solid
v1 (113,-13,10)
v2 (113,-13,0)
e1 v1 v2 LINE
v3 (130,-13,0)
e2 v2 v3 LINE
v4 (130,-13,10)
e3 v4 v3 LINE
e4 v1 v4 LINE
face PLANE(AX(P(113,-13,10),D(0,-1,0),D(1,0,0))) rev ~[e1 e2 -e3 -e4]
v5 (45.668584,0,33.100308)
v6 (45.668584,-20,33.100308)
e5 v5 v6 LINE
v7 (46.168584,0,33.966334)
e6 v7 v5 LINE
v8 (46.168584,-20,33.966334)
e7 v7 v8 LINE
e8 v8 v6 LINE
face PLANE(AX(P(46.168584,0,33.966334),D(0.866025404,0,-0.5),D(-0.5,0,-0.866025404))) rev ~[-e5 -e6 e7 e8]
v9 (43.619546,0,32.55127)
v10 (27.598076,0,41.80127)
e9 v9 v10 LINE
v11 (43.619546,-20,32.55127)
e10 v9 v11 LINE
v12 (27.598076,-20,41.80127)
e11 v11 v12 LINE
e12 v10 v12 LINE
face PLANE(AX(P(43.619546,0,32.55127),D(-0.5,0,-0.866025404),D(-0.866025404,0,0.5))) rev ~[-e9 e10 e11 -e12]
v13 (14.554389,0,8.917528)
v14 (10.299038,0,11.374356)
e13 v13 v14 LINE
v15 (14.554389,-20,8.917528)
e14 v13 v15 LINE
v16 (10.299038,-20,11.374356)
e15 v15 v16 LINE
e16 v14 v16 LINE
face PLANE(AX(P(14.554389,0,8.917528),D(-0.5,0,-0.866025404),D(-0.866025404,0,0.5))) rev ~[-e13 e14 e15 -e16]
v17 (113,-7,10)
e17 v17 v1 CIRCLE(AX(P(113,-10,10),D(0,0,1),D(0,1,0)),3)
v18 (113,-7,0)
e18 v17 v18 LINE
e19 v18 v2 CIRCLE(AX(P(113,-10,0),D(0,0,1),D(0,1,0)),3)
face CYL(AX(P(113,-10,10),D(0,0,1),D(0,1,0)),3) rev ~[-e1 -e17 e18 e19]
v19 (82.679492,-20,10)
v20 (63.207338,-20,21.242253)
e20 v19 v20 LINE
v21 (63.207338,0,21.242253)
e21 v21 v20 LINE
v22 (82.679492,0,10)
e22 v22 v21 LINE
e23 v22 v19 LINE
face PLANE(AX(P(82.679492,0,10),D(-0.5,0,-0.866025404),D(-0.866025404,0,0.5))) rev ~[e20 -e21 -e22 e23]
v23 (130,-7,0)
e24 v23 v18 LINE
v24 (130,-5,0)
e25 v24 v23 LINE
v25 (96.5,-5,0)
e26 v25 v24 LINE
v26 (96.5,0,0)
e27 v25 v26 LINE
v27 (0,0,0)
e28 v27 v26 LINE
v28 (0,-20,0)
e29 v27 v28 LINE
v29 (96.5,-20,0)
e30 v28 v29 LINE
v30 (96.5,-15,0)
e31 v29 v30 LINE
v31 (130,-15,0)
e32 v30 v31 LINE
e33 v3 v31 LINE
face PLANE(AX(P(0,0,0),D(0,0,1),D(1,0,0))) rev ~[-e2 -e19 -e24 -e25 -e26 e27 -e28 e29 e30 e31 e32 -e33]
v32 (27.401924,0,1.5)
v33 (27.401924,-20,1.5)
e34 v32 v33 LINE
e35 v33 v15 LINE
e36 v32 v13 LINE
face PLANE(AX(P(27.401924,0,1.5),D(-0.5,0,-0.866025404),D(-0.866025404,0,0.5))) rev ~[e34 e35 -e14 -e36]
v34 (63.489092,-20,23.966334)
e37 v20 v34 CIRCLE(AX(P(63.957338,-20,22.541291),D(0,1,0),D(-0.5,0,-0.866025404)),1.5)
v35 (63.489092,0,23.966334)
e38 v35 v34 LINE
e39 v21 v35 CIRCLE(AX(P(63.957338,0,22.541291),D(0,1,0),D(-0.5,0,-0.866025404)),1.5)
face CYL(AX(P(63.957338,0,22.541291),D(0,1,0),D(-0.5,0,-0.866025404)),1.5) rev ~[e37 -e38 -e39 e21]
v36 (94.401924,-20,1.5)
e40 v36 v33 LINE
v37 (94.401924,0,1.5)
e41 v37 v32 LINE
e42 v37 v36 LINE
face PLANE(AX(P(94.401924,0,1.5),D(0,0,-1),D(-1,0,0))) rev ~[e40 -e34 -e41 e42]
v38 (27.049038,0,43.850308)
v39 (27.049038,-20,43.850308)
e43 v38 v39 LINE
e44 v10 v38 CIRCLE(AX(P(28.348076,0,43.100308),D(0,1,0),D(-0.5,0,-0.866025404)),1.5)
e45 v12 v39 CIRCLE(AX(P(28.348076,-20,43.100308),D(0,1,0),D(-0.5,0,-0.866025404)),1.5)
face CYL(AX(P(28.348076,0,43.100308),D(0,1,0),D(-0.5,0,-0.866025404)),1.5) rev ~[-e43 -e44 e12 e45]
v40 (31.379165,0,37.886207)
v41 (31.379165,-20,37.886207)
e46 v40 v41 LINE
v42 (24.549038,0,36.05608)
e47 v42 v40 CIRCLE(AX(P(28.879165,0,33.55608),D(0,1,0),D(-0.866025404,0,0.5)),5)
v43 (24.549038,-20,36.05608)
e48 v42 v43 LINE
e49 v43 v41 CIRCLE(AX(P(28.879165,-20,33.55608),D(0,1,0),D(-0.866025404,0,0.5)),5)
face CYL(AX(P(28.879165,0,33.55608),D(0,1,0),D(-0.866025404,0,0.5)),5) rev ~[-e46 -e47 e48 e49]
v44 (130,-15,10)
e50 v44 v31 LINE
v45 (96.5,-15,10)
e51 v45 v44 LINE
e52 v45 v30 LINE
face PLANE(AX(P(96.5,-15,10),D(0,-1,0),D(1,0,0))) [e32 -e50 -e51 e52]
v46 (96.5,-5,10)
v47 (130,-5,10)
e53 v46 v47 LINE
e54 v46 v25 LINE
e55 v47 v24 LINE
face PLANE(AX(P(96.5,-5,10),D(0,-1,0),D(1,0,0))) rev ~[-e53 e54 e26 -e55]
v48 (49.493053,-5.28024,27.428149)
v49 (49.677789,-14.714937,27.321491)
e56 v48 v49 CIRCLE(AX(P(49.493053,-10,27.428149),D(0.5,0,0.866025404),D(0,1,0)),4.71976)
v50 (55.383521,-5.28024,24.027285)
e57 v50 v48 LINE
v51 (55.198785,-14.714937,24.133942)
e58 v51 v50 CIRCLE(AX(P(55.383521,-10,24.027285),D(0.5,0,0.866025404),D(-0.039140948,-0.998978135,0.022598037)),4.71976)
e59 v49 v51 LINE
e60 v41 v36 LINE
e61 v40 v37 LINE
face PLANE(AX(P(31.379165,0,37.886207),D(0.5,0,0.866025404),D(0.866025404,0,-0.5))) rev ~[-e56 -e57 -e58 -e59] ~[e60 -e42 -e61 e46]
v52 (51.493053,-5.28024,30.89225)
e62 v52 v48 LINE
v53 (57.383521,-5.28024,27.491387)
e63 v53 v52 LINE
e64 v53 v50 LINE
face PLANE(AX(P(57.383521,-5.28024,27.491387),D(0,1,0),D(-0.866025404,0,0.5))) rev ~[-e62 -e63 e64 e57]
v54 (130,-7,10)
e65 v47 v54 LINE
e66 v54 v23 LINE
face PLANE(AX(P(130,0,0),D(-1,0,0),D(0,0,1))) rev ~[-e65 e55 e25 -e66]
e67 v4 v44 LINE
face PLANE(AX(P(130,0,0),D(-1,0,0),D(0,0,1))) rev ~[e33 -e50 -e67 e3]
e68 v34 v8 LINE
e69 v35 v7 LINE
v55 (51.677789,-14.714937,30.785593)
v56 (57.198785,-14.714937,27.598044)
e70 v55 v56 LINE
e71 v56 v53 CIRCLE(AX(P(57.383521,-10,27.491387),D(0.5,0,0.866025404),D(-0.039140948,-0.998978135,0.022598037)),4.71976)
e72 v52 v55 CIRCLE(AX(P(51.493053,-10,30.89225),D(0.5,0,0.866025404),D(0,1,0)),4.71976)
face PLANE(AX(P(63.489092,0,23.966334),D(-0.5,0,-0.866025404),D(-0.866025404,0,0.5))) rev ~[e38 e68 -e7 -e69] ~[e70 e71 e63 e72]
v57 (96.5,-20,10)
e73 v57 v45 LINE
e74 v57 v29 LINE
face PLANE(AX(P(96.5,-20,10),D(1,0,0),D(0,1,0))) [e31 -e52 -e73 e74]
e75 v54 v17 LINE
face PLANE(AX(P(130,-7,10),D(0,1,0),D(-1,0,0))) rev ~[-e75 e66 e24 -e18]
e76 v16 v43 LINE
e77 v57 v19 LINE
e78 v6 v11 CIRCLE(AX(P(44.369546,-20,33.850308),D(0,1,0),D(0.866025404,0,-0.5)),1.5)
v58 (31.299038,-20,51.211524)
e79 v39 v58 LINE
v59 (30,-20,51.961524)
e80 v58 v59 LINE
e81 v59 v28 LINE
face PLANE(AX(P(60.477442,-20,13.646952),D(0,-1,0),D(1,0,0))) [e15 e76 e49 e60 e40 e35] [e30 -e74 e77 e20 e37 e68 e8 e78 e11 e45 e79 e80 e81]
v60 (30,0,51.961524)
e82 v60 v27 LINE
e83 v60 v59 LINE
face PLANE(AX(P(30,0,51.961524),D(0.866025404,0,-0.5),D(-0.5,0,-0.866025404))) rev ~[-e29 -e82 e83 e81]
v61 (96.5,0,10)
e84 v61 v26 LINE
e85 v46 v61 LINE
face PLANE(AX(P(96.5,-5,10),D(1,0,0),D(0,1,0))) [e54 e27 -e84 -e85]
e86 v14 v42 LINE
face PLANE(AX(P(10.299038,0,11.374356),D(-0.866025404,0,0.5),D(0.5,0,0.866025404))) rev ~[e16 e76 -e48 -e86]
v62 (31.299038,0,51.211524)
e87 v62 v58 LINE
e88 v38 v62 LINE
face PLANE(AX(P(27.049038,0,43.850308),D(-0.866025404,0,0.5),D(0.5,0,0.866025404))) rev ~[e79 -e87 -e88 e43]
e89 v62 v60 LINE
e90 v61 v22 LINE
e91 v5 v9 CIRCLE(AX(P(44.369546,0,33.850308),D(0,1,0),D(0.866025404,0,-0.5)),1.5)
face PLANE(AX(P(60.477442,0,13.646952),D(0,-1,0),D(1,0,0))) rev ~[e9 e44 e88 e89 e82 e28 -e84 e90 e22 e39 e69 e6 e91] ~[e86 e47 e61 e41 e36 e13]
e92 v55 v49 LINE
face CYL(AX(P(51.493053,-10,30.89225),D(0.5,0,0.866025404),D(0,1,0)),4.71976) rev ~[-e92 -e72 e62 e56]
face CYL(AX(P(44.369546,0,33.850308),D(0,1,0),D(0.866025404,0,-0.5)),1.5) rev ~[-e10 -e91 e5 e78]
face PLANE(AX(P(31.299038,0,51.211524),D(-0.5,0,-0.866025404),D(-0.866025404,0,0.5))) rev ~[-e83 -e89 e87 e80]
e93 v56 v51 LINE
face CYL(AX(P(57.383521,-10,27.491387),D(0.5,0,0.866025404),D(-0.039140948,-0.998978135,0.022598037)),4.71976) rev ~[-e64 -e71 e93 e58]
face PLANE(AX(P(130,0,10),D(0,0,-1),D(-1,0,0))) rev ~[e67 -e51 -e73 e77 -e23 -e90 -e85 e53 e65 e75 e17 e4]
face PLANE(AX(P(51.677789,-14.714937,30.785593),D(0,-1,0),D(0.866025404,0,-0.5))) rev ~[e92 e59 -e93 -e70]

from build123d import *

# Parameters (mm, degrees)
F1_DEPTH = 20
F3_DEPTH = 4
F4_W     = 33.5
F4_H     = 5
F5_DEPTH = 10.001
F6_DEPTH = 10.001
F7_DEPTH = 10.001


with BuildPart() as f1:
    # F0 (on Front) → F1 (new body)
    with BuildSketch(Plane.XZ):
        with BuildLine():
            Line((30, 51.9615242271), (0, 0))
            Line((0, 0), (130, 0))
            Line((130, 0), (130, 10))
            Line((130, 10), (82.6794919243, 10))
            Line((82.6794919243, 10), (63.2073381993, 21.2422531948))
            ThreePointArc((63.2073381993, 21.2422531948), (62.4652978589, 22.6956144115), (63.4890923627, 23.9663336987))
            Line((63.4890923627, 23.9663336987), (46.168584287, 33.9663336987))
            Line((46.168584287, 33.9663336987), (45.668584287, 33.1003082949))
            ThreePointArc((45.668584287, 33.1003082949), (44.757774749, 32.4014195555), (43.6195461814, 32.5512701892))
            Line((43.6195461814, 32.5512701892), (27.5980762114, 41.8012701892))
            ThreePointArc((27.5980762114, 41.8012701892), (26.8991874719, 42.7120797272), (27.0490381057, 43.8503082949))
            Line((27.0490381057, 43.8503082949), (31.2990381057, 51.2115242271))
            Line((31.2990381057, 51.2115242271), (30, 51.9615242271))
        make_face()
        with BuildLine():
            ThreePointArc((24.5490381057, 36.0560796608), (27.5850698991, 38.3857087923), (31.3791651246, 37.8862066798))
            Line((31.3791651246, 37.8862066798), (94.4019237886, 1.5))
            Line((94.4019237886, 1.5), (27.4019237886, 1.5))
            Line((27.4019237886, 1.5), (14.5543888066, 8.9175277803))
            Line((14.5543888066, 8.9175277803), (10.2990381057, 11.374355653))
            Line((10.2990381057, 11.374355653), (24.5490381057, 36.0560796608))
        make_face(mode=Mode.SUBTRACT)
    extrude(amount=F1_DEPTH)

    # F2 (on face) → F3 (cut)
    with BuildSketch(Plane(origin=(26.25, 0, 45.4663336987), x_dir=(0.8660254038, 0, -0.5), z_dir=(0.5, 0, 0.8660254038))):
        with BuildLine():
            Line((35.949893862, -5.2802399732), (29.1481667175, -5.2802399732))
            ThreePointArc((29.1481667175, -5.2802399732), (24.4296125838, -10.1066845691), (29.3614813401, -14.7149370709))
            Line((29.3614813401, -14.7149370709), (35.7365792394, -14.7149370709))
            ThreePointArc((35.7365792394, -14.7149370709), (40.6684479957, -10.1066845691), (35.949893862, -5.2802399732))
        make_face()
    extrude(amount=-F3_DEPTH, mode=Mode.SUBTRACT)

    # F4 (on face) → F5 (cut, through all)
    with BuildSketch(Plane.XY.offset(10)):
        with Locations((113.25, -2.5)):
            Rectangle(F4_W, F4_H)
    extrude(amount=-F5_DEPTH, mode=Mode.SUBTRACT)

    # F4 (on face) → F6 (cut, through all)
    with BuildSketch(Plane.XY.offset(10)):
        with BuildLine():
            Line((130, -13), (130, -7))
            Line((130, -7), (113, -7))
            ThreePointArc((113, -7), (110, -10), (113, -13))
            Line((113, -13), (130, -13))
        make_face()
    extrude(amount=-F6_DEPTH, mode=Mode.SUBTRACT)

    # F4 (on face) → F7 (cut, through all)
    with BuildSketch(Plane.XY.offset(10)):
        with Locations((113.25, -17.5)):
            Rectangle(F4_W, F4_H)
    extrude(amount=-F7_DEPTH, mode=Mode.SUBTRACT)


solid = f1.part
